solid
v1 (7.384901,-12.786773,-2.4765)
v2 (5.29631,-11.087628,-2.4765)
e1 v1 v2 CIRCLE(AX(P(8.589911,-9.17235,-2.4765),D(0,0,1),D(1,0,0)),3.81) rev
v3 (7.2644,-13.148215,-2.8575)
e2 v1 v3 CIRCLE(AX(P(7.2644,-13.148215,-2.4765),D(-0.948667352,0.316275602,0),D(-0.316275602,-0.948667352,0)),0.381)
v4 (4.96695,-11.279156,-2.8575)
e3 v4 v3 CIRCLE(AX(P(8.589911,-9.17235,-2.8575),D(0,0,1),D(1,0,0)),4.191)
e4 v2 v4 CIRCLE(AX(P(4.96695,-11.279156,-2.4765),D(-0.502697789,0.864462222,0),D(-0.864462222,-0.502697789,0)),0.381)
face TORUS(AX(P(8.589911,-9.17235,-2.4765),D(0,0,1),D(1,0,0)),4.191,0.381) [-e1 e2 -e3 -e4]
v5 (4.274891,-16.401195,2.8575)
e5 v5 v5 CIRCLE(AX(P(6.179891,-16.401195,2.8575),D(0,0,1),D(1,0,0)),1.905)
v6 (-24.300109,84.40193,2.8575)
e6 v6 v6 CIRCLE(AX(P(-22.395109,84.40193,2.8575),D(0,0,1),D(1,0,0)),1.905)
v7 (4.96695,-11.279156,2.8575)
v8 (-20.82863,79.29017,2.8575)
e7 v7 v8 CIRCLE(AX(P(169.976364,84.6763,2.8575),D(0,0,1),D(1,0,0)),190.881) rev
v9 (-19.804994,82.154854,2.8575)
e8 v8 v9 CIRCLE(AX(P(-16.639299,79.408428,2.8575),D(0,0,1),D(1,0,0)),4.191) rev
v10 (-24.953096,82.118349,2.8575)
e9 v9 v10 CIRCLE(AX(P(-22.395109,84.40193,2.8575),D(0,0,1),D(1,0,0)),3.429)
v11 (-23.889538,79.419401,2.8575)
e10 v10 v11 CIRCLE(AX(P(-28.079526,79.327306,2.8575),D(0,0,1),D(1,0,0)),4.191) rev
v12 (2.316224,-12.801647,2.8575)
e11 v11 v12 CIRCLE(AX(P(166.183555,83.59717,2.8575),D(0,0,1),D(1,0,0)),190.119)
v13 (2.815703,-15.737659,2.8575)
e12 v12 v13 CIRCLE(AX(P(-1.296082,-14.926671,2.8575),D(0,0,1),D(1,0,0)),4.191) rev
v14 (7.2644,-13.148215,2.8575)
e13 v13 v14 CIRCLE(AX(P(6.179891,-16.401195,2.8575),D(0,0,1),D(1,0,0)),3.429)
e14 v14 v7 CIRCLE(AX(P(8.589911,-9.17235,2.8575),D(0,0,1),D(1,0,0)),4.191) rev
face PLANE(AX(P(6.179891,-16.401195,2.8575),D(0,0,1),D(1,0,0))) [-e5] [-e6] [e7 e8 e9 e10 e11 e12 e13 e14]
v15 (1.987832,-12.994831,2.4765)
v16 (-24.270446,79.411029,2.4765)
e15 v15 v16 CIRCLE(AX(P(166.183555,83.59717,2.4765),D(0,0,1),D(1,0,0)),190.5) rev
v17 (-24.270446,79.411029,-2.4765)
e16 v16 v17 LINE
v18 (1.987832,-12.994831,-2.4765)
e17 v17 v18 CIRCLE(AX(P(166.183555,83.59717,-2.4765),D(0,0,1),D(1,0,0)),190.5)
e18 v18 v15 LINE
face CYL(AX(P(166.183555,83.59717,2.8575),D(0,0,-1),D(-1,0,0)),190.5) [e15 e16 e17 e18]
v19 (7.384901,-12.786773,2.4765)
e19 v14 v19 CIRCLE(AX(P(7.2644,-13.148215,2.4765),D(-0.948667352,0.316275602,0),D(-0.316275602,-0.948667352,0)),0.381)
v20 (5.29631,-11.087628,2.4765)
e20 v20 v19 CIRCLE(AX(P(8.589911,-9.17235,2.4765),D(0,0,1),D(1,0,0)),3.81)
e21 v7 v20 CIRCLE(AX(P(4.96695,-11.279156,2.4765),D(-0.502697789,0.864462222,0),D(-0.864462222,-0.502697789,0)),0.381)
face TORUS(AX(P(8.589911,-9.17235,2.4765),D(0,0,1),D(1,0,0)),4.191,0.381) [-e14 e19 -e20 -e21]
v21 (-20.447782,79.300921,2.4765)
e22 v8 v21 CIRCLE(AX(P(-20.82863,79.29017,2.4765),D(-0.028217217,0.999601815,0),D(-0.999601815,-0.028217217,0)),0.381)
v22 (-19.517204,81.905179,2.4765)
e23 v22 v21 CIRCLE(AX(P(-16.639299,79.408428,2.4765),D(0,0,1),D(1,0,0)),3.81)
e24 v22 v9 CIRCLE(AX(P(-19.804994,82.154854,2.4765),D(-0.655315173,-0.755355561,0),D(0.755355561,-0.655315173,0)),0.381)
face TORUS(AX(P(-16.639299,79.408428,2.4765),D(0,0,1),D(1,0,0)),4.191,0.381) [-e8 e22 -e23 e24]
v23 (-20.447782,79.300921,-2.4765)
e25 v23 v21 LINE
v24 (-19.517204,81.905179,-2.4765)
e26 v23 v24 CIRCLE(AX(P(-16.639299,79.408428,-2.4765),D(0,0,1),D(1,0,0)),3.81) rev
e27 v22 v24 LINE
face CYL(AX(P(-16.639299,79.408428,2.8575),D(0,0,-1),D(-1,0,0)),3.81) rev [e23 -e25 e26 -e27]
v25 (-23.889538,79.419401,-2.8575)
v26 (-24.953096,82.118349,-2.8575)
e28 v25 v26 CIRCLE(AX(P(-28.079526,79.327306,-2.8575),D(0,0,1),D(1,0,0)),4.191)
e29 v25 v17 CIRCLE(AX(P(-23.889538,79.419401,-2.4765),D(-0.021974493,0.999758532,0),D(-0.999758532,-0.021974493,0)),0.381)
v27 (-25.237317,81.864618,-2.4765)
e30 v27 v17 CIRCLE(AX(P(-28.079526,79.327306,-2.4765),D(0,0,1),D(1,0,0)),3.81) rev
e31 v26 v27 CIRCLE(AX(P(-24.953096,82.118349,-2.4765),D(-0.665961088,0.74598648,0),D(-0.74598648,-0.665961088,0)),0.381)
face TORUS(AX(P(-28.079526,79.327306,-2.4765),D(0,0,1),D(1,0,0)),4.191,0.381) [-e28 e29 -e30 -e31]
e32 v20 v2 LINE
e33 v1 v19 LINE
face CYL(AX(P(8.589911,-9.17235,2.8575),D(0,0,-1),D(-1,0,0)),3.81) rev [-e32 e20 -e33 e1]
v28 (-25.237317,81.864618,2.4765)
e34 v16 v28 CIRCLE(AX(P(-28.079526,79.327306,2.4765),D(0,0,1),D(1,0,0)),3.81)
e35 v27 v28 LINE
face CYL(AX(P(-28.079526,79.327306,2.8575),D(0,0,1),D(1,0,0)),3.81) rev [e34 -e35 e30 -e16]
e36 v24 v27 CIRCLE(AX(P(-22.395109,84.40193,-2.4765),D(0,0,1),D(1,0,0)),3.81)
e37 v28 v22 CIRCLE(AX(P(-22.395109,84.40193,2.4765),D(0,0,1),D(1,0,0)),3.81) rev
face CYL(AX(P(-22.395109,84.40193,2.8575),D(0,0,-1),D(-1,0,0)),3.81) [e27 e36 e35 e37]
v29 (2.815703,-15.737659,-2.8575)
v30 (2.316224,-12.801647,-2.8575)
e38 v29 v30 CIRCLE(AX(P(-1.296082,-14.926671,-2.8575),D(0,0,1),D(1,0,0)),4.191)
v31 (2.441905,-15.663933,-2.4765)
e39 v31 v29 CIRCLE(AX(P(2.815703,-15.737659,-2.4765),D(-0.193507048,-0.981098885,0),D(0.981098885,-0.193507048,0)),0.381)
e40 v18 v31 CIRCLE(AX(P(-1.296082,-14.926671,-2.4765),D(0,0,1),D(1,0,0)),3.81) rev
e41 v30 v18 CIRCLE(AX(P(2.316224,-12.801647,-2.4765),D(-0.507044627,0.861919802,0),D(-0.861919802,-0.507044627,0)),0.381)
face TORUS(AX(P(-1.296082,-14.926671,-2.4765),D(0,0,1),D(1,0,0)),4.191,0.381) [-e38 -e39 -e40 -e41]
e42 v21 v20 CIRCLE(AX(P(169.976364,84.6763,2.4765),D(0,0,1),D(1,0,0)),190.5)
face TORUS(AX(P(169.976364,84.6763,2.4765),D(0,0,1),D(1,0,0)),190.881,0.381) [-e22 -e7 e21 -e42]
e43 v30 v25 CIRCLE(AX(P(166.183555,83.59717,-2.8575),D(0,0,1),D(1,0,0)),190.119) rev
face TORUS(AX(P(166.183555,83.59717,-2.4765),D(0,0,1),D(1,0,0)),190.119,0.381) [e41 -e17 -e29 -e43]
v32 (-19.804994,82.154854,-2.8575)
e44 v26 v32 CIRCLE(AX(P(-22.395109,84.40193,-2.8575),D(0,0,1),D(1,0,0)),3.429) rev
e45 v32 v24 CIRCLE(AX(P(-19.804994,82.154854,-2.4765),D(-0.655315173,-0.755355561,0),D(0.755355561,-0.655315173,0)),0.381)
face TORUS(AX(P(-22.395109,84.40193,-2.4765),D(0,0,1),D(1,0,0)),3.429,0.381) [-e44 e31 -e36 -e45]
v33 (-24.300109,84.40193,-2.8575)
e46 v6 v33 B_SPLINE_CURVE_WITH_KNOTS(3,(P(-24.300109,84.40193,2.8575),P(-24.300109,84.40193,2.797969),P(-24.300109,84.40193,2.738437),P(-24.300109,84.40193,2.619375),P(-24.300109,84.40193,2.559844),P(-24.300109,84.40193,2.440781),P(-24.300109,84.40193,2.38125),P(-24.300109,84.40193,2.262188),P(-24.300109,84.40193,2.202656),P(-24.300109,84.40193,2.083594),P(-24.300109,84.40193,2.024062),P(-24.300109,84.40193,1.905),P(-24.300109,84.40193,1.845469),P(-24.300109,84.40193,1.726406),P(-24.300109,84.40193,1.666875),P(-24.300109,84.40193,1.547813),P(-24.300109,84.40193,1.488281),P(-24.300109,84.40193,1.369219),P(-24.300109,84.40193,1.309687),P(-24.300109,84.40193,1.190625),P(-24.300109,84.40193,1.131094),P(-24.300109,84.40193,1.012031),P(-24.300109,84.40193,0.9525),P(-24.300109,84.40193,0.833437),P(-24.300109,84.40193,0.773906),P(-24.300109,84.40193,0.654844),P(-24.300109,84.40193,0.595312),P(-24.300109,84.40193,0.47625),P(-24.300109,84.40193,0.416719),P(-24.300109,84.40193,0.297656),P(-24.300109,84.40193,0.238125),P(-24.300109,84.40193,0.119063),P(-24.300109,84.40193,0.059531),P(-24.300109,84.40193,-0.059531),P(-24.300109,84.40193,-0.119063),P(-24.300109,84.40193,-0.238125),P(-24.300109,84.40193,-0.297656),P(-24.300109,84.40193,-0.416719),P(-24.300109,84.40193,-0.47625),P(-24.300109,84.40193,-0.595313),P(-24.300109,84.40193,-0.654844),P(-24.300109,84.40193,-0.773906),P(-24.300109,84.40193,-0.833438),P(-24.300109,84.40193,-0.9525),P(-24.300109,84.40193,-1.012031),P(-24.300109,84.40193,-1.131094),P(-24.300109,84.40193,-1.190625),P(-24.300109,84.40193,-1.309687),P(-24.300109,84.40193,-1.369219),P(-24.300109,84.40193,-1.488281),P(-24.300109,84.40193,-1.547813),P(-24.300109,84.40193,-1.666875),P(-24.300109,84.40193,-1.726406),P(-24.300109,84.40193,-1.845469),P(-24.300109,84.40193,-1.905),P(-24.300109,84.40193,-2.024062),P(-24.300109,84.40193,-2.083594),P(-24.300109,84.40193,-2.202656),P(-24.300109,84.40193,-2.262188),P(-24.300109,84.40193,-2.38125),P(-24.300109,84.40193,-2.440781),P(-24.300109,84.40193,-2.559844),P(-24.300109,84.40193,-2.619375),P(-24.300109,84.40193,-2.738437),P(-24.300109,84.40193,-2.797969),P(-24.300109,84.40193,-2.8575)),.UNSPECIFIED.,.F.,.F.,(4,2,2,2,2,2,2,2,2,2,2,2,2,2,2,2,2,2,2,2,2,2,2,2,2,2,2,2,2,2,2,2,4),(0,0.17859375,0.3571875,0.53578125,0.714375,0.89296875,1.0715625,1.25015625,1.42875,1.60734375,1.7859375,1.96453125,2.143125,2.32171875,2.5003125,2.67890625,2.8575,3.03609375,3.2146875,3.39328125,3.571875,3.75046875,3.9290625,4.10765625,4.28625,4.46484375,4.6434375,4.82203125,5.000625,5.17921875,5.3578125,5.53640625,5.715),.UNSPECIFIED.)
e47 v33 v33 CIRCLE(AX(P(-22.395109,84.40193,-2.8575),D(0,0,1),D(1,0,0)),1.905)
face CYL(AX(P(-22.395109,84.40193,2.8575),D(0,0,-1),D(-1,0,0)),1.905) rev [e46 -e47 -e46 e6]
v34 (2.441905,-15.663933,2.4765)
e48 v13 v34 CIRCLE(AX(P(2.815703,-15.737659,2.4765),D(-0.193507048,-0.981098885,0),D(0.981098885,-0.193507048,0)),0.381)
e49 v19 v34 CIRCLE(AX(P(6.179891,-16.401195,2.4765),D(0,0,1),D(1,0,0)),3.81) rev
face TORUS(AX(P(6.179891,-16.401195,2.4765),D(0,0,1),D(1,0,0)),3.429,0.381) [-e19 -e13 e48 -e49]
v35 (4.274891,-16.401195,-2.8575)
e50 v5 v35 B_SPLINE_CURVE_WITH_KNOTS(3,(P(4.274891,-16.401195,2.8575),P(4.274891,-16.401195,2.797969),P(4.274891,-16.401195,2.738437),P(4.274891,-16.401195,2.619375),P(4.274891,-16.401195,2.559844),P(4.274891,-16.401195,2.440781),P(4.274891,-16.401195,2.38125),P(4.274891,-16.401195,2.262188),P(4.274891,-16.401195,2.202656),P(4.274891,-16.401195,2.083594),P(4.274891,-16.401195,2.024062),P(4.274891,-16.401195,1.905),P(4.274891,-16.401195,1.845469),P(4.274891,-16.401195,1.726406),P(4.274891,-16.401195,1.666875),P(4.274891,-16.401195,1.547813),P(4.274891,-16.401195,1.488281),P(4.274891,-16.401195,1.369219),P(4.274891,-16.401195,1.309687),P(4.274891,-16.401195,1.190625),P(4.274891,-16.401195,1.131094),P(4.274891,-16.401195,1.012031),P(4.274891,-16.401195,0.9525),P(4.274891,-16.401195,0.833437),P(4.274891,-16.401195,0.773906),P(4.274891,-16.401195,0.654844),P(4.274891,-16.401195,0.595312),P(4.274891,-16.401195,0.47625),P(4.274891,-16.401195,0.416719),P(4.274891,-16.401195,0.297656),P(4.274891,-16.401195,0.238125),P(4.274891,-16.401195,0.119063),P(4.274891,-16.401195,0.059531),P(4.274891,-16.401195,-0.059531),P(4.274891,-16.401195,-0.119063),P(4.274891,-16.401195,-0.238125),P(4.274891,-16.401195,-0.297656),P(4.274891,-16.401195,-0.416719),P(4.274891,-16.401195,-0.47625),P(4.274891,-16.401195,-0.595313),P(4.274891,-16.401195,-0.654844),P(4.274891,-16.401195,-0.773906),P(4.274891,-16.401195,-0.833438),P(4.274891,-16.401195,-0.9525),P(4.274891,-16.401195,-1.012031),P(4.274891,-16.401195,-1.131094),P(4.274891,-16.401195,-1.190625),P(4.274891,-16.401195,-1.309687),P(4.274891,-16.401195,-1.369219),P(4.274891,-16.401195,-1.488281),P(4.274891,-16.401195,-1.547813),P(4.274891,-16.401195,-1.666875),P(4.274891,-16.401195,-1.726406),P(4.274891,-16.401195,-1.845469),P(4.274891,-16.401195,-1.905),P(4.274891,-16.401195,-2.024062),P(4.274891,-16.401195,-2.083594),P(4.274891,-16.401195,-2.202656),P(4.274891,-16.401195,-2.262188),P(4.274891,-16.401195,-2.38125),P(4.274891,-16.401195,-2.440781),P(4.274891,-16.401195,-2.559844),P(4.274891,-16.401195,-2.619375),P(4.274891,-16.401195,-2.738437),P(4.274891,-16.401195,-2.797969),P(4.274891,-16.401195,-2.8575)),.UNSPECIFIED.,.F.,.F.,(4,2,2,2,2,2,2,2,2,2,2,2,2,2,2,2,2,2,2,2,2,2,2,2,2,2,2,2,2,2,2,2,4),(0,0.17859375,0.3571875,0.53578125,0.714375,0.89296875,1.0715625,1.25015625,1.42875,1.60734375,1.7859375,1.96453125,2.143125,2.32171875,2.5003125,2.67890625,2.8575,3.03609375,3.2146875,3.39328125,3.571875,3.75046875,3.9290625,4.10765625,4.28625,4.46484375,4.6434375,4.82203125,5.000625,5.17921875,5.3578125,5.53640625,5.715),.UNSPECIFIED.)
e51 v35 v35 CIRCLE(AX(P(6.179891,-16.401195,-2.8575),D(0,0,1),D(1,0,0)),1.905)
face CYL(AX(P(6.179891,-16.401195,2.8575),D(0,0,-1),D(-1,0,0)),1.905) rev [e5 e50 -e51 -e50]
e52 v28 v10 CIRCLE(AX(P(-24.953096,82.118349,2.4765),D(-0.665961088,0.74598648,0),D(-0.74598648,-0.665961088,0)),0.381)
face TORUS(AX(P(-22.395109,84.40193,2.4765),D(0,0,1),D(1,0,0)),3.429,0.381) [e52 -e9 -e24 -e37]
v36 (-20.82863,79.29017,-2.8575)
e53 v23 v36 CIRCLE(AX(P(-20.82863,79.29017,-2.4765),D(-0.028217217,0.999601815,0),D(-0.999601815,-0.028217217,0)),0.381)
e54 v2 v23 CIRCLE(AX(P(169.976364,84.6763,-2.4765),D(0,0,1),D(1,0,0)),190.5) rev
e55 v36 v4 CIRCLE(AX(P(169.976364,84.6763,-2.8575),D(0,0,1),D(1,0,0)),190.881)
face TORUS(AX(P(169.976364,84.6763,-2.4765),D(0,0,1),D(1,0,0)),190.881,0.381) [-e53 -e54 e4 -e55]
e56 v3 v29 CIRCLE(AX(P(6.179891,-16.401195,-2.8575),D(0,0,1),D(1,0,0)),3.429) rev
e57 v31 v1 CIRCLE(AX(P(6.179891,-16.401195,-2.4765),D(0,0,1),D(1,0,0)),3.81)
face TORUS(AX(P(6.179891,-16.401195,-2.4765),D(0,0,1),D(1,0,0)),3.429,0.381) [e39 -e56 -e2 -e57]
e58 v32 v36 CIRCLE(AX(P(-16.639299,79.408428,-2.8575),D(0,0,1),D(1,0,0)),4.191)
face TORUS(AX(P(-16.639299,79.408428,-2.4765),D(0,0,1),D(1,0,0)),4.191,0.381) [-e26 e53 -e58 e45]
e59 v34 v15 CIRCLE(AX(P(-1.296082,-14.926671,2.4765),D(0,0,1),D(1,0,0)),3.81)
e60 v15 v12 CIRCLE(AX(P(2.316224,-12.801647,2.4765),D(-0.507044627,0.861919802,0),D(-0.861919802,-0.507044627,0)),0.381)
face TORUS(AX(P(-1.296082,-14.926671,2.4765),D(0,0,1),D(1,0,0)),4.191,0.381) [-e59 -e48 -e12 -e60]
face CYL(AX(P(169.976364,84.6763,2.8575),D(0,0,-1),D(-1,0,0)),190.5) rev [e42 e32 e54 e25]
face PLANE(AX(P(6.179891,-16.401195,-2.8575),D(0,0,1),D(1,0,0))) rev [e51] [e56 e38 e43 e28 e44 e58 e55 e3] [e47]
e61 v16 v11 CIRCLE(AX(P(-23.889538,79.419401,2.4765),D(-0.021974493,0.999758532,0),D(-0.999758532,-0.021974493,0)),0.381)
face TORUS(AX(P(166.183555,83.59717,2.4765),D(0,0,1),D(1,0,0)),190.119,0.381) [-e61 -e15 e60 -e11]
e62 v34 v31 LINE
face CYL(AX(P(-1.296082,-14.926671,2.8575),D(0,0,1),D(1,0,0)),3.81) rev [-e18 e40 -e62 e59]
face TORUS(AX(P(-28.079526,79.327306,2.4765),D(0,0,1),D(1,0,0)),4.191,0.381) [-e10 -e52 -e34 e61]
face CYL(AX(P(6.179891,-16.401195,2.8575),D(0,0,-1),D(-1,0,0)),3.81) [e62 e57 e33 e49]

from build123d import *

# Parameters (mm, degrees)
SKETCH1_R           = 1.27
BOSS_EXTRUDE1_DEPTH = 1.905
FILLET1_R           = 2.54
FILLET2_R           = 0.254
SCALE1_SCALE        = 1.5


with BuildPart() as part:
    # Sketch1 → Boss-Extrude1 (new, symmetric)
    with BuildSketch(Plane.XY):
        with BuildLine():
            ThreePointArc((-17.78, 65.002378775), (-19.05, 69.742083301), (-20.32, 65.002378775))
            ThreePointArc((-20.32, 65.002378775), (-15.489369755, 31.933659243), (-2.199704526, 1.27))
            ThreePointArc((-2.199704526, 1.27), (1.27, -2.199704526), (0, 2.54))
            ThreePointArc((0, 2.54), (-12.950130529, 32.61546778), (-17.78, 65.002378775))
        make_face()
        with Locations(Location((-19.05, 67.202083301, 0), (0, 0, 180))):
            Circle(SKETCH1_R, mode=Mode.SUBTRACT)
        with Locations(Location((0, 0, 0), (0, 0, 180))):
            Circle(SKETCH1_R, mode=Mode.SUBTRACT)
    extrude(amount=BOSS_EXTRUDE1_DEPTH, both=True)

    # Fillet1
    fillet1_edges = [part.edges().sort_by_distance(p)[0] for p in [
        (0, 2.54, 0),
        (-2.199704526, 1.27, 0),
        (-20.32, 65.002378775, 0),
        (-17.78, 65.002378775, 0),
    ]]
    fillet(fillet1_edges, radius=FILLET1_R)

    # Fillet2
    fillet2_edges = [part.edges().sort_by_distance(p)[0] for p in [
        (-12.944837831, 32.596879535, -1.905),
        (-12.944837831, 32.596879535, 1.905),
        (1.277759543, -2.195206266, -1.905),
        (1.277759543, -2.195206266, 1.905),
        (-15.494383054, 31.951296771, -1.905),
        (-15.494383054, 31.951296771, 1.905),
        (-19.068010515, 69.742019446, -1.905),
        (-19.068010515, 69.742019446, 1.905),
        (0.003745513, 2.848900008, -1.905),
        (0.003745513, 2.848900008, 1.905),
        (-2.479958878, 1.409004676, -1.905),
        (-2.479958878, 1.409004676, 1.905),
        (-20.47647458, 64.750228521, -1.905),
        (-20.47647458, 64.750228521, 1.905),
        (-17.604676807, 64.727772481, -1.905),
        (-17.604676807, 64.727772481, 1.905),
    ]]
    fillet(fillet2_edges, radius=FILLET2_R)


with BuildPart() as part_1:
    # Scale1: scaled about (-12.359782822, 32.802390244, 0)
    add(part.part.scale(SCALE1_SCALE).moved(Location((6.179891411, -16.401195122, 0))))


solid = part_1.part
